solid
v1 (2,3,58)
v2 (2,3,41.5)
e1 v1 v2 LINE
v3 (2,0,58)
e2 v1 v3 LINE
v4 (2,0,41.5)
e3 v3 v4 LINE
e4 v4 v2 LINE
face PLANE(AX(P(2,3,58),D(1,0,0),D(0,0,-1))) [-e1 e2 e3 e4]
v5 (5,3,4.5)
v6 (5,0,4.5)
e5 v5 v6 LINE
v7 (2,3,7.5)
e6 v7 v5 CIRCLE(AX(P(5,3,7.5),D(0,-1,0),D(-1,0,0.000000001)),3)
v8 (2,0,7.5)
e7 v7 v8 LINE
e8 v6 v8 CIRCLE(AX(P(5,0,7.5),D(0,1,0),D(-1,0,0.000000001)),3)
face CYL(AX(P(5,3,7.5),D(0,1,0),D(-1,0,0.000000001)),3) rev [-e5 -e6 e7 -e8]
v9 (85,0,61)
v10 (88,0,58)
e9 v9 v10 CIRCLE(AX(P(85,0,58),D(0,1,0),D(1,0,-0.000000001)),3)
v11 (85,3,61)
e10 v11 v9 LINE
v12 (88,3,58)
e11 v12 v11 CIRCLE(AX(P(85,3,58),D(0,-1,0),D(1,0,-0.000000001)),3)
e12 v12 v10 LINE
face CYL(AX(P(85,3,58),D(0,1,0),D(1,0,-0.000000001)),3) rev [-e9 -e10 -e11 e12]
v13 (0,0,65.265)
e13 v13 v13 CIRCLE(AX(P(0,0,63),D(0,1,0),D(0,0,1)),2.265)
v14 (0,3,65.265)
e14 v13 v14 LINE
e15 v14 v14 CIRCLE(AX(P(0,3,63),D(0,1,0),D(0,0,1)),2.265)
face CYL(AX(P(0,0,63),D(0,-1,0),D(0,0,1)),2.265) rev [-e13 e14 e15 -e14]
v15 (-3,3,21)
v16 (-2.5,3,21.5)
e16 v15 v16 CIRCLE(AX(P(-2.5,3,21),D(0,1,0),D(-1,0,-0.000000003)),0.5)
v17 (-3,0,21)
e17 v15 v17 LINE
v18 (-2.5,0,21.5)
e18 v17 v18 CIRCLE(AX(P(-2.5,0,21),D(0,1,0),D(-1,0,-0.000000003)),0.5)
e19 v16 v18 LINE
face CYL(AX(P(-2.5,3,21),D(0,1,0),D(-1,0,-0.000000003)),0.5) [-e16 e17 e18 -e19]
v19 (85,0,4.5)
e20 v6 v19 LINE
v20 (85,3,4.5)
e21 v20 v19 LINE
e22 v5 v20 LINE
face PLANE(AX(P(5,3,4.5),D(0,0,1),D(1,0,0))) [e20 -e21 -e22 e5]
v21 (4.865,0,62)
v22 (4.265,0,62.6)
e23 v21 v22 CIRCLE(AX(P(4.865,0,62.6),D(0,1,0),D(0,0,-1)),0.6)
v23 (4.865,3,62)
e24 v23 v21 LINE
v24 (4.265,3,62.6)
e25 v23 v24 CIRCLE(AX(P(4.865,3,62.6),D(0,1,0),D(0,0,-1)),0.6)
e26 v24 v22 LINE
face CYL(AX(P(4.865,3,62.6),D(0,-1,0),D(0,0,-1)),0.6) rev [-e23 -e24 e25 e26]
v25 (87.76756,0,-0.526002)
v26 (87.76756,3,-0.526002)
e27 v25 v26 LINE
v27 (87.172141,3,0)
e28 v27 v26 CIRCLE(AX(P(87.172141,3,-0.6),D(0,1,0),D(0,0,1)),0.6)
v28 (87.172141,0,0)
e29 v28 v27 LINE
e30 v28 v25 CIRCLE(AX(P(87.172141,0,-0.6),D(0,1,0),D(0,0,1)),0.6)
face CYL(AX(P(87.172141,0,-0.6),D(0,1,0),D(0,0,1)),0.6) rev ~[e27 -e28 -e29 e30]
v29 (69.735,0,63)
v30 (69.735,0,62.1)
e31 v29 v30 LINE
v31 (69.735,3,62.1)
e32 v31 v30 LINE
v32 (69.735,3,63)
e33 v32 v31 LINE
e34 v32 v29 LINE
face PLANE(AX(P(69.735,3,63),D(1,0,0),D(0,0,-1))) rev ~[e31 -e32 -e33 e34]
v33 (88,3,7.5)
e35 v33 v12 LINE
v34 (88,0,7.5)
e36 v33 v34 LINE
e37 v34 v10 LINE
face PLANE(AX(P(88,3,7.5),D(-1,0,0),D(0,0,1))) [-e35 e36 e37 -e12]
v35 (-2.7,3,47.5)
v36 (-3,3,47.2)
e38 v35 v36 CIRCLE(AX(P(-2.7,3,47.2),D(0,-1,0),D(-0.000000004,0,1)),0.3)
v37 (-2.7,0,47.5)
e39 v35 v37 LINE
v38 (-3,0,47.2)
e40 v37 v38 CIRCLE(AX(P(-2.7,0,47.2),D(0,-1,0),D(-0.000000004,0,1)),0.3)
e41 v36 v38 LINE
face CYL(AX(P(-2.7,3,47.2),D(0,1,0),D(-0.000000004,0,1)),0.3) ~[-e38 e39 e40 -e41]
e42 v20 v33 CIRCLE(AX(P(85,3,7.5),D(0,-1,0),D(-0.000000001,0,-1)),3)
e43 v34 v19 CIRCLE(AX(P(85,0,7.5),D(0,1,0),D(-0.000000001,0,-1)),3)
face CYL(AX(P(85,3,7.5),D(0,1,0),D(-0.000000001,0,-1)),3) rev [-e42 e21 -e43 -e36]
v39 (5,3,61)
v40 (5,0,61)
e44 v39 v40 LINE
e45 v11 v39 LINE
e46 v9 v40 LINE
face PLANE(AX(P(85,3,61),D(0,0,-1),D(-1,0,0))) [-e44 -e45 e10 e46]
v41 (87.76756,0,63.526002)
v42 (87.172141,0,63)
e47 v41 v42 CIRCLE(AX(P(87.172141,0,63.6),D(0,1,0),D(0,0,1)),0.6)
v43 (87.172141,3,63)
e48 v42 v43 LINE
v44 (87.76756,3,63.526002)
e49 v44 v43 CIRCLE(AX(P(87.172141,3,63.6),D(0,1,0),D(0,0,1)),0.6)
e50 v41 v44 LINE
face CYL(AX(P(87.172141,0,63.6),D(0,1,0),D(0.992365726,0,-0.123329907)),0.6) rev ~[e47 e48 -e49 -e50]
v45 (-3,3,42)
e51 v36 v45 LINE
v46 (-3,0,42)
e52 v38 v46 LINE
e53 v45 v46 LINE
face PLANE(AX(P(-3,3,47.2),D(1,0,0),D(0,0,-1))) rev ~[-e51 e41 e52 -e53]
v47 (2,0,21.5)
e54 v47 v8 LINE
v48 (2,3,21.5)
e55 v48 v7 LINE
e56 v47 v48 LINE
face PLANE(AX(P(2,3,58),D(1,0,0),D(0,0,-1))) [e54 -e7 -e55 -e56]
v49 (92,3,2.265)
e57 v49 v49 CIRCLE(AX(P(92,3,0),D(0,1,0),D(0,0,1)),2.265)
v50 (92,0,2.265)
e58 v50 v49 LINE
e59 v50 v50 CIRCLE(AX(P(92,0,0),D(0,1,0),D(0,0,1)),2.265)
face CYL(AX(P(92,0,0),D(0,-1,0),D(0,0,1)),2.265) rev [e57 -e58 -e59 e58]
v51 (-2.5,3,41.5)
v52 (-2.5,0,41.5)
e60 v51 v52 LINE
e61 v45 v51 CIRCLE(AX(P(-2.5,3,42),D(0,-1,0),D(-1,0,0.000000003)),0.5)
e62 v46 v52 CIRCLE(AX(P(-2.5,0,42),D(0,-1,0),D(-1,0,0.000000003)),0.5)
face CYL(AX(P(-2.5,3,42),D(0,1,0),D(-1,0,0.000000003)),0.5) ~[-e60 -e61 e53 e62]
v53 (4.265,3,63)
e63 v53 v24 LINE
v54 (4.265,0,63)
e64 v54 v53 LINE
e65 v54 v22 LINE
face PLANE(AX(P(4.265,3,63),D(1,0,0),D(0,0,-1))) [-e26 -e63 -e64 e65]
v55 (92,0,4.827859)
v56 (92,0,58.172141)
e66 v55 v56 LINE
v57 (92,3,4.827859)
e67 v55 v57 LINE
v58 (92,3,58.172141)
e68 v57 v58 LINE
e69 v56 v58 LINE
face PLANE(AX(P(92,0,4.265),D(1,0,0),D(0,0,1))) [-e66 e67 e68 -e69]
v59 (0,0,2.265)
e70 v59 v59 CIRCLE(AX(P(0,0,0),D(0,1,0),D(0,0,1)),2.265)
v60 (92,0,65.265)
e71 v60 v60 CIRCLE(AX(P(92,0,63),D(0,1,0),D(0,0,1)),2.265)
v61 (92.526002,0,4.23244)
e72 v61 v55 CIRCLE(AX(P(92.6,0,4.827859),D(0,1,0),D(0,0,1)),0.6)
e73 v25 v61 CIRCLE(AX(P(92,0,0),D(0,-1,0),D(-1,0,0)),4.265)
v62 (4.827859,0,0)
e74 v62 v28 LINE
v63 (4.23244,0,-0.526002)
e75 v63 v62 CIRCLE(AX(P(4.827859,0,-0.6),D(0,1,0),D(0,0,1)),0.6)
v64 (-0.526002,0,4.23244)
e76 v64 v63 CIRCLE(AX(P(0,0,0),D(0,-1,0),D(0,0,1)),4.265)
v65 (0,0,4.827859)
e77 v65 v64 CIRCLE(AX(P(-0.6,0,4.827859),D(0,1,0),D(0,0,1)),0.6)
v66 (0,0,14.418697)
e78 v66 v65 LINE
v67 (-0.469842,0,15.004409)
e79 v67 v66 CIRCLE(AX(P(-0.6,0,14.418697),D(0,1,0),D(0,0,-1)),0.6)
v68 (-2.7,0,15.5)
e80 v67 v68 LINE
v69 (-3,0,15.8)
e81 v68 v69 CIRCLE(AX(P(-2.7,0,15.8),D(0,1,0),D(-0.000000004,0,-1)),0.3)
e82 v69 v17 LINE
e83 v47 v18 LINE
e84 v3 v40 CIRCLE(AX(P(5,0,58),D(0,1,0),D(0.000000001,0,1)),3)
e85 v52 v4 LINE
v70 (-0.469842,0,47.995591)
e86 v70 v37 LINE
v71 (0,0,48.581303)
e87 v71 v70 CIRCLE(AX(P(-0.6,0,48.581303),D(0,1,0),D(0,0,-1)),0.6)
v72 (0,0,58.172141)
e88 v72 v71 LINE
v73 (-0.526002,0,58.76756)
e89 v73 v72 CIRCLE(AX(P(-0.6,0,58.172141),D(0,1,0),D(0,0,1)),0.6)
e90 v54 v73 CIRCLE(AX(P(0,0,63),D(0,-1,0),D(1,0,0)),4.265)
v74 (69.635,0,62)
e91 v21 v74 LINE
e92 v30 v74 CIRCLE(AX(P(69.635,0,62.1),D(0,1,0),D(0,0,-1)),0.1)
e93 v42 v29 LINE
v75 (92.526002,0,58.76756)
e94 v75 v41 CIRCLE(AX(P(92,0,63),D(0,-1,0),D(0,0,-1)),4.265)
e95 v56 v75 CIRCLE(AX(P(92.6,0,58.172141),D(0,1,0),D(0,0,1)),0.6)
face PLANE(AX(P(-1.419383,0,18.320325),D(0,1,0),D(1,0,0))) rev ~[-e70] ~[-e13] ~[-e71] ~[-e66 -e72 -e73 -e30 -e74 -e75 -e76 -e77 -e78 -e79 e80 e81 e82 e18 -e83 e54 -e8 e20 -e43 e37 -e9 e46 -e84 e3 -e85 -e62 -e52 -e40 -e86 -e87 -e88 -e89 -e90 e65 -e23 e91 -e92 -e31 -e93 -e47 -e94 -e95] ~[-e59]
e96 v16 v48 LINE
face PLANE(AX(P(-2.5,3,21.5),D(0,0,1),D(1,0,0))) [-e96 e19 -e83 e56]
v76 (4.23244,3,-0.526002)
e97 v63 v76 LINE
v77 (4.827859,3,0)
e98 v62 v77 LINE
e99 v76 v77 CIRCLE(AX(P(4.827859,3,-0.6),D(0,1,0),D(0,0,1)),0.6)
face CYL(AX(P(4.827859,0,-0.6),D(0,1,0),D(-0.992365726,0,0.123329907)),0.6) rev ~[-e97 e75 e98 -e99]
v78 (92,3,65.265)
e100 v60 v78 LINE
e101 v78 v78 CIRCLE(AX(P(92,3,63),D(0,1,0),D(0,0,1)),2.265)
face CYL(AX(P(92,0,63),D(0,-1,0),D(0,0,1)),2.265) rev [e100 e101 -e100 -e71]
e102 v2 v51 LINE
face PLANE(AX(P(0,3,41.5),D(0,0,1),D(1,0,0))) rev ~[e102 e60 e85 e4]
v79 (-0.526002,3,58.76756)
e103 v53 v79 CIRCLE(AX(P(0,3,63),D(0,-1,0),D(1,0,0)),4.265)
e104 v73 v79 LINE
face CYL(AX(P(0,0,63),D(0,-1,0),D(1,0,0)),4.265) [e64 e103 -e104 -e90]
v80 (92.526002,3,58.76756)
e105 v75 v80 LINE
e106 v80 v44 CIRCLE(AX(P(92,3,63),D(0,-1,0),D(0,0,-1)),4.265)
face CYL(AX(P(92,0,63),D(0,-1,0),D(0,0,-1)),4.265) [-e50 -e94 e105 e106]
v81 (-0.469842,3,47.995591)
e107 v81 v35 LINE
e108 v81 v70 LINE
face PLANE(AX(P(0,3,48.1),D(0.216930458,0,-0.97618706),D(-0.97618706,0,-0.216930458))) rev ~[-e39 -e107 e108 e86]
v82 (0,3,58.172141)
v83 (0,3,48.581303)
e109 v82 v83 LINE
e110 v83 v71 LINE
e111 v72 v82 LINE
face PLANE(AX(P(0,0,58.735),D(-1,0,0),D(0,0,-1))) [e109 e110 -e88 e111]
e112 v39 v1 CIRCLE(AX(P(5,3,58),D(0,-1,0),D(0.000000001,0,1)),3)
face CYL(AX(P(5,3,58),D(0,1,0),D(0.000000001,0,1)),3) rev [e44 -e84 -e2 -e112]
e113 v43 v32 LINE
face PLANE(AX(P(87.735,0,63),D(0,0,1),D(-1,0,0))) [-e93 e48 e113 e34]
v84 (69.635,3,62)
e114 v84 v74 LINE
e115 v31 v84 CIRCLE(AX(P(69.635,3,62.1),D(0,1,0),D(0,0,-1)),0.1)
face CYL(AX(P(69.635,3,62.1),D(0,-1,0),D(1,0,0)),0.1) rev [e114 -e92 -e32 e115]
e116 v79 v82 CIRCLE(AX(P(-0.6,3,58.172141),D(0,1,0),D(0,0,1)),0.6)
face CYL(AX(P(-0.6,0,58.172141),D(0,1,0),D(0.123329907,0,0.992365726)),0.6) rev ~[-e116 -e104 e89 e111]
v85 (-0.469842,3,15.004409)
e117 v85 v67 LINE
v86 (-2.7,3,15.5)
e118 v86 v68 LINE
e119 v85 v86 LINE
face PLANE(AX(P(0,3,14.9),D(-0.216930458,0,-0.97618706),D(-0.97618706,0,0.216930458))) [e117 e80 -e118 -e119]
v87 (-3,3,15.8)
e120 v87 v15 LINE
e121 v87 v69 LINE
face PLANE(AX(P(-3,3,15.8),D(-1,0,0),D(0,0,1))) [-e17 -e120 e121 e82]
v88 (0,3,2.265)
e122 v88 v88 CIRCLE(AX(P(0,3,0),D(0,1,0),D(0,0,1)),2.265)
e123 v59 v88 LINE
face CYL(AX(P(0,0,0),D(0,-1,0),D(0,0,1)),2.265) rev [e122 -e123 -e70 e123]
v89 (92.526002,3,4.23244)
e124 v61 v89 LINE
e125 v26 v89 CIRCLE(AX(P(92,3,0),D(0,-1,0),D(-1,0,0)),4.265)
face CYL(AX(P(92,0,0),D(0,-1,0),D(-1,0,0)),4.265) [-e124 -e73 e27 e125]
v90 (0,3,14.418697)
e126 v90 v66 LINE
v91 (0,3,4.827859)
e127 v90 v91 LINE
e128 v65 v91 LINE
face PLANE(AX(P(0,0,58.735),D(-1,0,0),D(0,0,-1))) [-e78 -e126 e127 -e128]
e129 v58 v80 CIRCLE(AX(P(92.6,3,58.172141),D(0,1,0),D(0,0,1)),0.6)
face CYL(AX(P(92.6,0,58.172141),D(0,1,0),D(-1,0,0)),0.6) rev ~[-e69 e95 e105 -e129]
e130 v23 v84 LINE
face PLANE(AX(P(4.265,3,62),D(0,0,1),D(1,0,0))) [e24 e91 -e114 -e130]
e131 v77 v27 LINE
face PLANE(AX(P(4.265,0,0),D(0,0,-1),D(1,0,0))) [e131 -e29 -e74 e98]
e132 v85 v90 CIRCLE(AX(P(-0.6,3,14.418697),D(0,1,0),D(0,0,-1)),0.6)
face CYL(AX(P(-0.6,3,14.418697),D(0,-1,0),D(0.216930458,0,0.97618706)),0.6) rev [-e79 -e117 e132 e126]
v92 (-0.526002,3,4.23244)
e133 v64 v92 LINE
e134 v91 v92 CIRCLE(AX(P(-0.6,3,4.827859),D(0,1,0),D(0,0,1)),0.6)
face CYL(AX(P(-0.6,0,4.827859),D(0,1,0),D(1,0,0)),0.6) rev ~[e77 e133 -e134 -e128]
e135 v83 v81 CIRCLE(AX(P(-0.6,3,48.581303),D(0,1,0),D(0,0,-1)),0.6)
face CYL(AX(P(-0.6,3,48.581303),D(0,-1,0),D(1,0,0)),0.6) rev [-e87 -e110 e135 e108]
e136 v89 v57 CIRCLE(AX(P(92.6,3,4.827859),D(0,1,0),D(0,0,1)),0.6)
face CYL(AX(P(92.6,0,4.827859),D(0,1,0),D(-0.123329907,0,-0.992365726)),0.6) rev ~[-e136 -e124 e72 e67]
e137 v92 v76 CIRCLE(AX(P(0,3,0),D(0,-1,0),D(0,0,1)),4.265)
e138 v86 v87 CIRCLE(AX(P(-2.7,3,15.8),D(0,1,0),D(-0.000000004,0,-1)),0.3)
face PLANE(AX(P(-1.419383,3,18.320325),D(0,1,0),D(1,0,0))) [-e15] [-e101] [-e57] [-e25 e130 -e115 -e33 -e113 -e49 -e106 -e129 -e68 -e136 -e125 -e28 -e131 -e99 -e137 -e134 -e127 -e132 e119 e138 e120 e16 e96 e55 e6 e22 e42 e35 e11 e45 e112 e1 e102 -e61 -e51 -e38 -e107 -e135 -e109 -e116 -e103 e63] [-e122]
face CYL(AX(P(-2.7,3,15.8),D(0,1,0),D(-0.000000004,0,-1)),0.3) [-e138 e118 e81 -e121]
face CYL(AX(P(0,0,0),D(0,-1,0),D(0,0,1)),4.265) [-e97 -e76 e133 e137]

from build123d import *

# Parameters (mm, degrees)
SKETCH1_R           = 2.265
BOSS_EXTRUDE1_DEPTH = 3
SKETCH2_W           = 6.5
SKETCH2_H           = 20
CUT_EXTRUDE1_DEPTH  = 3
BOSS_EXTRUDE2_DEPTH = 3
CUT_EXTRUDE5_DEPTH  = 17
SKETCH9_W           = 65.47
SKETCH9_H           = 1
CUT_EXTRUDE6_DEPTH  = 17
FILLET2_R           = 0.6
FILLET3_R           = 0.1


with BuildPart() as part:
    # Sketch1 → Boss-Extrude1 (new body)
    with BuildSketch(Plane(origin=(0, 0, 0), x_dir=(1, 0, 0), z_dir=(0, 1, 0))):
        with BuildLine():
            Line((4.265, 0), (87.735, 0))
            ThreePointArc((87.735, 0), (95.015810422, 3.015810422), (92, -4.265))
            Line((92, -4.265), (92, -58.735))
            ThreePointArc((92, -58.735), (95.015810422, -66.015810422), (87.735, -63))
            Line((87.735, -63), (4.265, -63))
            ThreePointArc((4.265, -63), (-3.015810422, -66.015810422), (0, -58.735))
            Line((0, -58.735), (0, -4.265))
            ThreePointArc((0, -4.265), (-3.015810422, 3.015810422), (4.265, 0))
        make_face()
        with Locations(Location((0, 0, 0), (0, 0, 270))):
            Circle(SKETCH1_R, mode=Mode.SUBTRACT)
        with Locations(Location((92, 0, 0), (0, 0, 270))):
            Circle(SKETCH1_R, mode=Mode.SUBTRACT)
        with Locations(Location((92, -63, 0), (0, 0, 270))):
            Circle(SKETCH1_R, mode=Mode.SUBTRACT)
        with Locations(Location((0, -63, 0), (0, 0, 270))):
            Circle(SKETCH1_R, mode=Mode.SUBTRACT)
    extrude(amount=BOSS_EXTRUDE1_DEPTH)

    # Sketch2 → Cut-Extrude1 (cut)
    with BuildSketch(Plane(origin=(0, 3, 0), x_dir=(1, 0, 0), z_dir=(0, 1, 0))):
        with Locations((3.25, -31.5)):
            Rectangle(SKETCH2_W, SKETCH2_H)
    extrude(amount=-CUT_EXTRUDE1_DEPTH, mode=Mode.SUBTRACT)

    # Sketch3 → Boss-Extrude2 (add)
    with BuildSketch(Plane(origin=(0, 3, 0), x_dir=(1, 0, 0), z_dir=(0, 1, 0))):
        with BuildLine():
            Line((0, -14.9), (-2.7, -15.5))
            ThreePointArc((-2.7, -15.5), (-2.912132034, -15.587867966), (-3, -15.8))
            Line((-3, -15.8), (-3, -21))
            ThreePointArc((-3, -21), (-2.853553391, -21.353553391), (-2.5, -21.5))
            Line((-2.5, -21.5), (0, -21.5))
            Line((0, -21.5), (0, -14.9))
        make_face()
        with BuildLine():
            Line((0, -41.5), (0, -48.1))
            Line((0, -48.1), (-2.7, -47.5))
            ThreePointArc((-2.7, -47.5), (-2.912132034, -47.412132034), (-3, -47.2))
            Line((-3, -47.2), (-3, -42))
            ThreePointArc((-3, -42), (-2.853553391, -41.646446609), (-2.5, -41.5))
            Line((-2.5, -41.5), (0, -41.5))
        make_face()
    extrude(amount=-BOSS_EXTRUDE2_DEPTH)

    # Sketch8 → Cut-Extrude5 (cut)
    with BuildSketch(Plane(origin=(0, 3, 0), x_dir=(1, 0, 0), z_dir=(0, 1, 0))):
        with BuildLine():
            Line((5, -4.5), (85, -4.5))
            ThreePointArc((85, -4.5), (87.121320344, -5.378679656), (88, -7.5))
            Line((88, -7.5), (88, -58))
            ThreePointArc((88, -58), (87.121320344, -60.121320344), (85, -61))
            Line((85, -61), (5, -61))
            ThreePointArc((5, -61), (2.878679656, -60.121320344), (2, -58))
            Line((2, -58), (2, -7.5))
            ThreePointArc((2, -7.5), (2.878679656, -5.378679656), (5, -4.5))
        make_face()
    extrude(amount=-CUT_EXTRUDE5_DEPTH, mode=Mode.SUBTRACT)

    # Sketch9 → Cut-Extrude6 (cut)
    with BuildSketch(Plane(origin=(0, 3, 0), x_dir=(1, 0, 0), z_dir=(0, 1, 0))):
        with Locations((37, -62.5)):
            Rectangle(SKETCH9_W, SKETCH9_H)
    extrude(amount=-CUT_EXTRUDE6_DEPTH, mode=Mode.SUBTRACT)

    # Fillet2
    fillet2_edges = [part.edges().sort_by_distance(p)[0] for p in [
        (92, 1.5, 4.265),
        (92, 1.5, 58.735),
        (4.265, 1.5, 62),
        (87.735, 1.5, 63),
        (0, 1.5, 58.735),
        (0, 1.5, 4.265),
        (4.265, 1.5, 0),
        (87.735, 1.5, 0),
        (0, 1.5, 14.9),
        (0, 1.5, 48.1),
    ]]
    fillet(fillet2_edges, radius=FILLET2_R)

    # Fillet3
    fillet3_edges = [part.edges().sort_by_distance(p)[0] for p in [
        (69.735, 1.5, 62),
    ]]
    fillet(fillet3_edges, radius=FILLET3_R)


solid = part.part
